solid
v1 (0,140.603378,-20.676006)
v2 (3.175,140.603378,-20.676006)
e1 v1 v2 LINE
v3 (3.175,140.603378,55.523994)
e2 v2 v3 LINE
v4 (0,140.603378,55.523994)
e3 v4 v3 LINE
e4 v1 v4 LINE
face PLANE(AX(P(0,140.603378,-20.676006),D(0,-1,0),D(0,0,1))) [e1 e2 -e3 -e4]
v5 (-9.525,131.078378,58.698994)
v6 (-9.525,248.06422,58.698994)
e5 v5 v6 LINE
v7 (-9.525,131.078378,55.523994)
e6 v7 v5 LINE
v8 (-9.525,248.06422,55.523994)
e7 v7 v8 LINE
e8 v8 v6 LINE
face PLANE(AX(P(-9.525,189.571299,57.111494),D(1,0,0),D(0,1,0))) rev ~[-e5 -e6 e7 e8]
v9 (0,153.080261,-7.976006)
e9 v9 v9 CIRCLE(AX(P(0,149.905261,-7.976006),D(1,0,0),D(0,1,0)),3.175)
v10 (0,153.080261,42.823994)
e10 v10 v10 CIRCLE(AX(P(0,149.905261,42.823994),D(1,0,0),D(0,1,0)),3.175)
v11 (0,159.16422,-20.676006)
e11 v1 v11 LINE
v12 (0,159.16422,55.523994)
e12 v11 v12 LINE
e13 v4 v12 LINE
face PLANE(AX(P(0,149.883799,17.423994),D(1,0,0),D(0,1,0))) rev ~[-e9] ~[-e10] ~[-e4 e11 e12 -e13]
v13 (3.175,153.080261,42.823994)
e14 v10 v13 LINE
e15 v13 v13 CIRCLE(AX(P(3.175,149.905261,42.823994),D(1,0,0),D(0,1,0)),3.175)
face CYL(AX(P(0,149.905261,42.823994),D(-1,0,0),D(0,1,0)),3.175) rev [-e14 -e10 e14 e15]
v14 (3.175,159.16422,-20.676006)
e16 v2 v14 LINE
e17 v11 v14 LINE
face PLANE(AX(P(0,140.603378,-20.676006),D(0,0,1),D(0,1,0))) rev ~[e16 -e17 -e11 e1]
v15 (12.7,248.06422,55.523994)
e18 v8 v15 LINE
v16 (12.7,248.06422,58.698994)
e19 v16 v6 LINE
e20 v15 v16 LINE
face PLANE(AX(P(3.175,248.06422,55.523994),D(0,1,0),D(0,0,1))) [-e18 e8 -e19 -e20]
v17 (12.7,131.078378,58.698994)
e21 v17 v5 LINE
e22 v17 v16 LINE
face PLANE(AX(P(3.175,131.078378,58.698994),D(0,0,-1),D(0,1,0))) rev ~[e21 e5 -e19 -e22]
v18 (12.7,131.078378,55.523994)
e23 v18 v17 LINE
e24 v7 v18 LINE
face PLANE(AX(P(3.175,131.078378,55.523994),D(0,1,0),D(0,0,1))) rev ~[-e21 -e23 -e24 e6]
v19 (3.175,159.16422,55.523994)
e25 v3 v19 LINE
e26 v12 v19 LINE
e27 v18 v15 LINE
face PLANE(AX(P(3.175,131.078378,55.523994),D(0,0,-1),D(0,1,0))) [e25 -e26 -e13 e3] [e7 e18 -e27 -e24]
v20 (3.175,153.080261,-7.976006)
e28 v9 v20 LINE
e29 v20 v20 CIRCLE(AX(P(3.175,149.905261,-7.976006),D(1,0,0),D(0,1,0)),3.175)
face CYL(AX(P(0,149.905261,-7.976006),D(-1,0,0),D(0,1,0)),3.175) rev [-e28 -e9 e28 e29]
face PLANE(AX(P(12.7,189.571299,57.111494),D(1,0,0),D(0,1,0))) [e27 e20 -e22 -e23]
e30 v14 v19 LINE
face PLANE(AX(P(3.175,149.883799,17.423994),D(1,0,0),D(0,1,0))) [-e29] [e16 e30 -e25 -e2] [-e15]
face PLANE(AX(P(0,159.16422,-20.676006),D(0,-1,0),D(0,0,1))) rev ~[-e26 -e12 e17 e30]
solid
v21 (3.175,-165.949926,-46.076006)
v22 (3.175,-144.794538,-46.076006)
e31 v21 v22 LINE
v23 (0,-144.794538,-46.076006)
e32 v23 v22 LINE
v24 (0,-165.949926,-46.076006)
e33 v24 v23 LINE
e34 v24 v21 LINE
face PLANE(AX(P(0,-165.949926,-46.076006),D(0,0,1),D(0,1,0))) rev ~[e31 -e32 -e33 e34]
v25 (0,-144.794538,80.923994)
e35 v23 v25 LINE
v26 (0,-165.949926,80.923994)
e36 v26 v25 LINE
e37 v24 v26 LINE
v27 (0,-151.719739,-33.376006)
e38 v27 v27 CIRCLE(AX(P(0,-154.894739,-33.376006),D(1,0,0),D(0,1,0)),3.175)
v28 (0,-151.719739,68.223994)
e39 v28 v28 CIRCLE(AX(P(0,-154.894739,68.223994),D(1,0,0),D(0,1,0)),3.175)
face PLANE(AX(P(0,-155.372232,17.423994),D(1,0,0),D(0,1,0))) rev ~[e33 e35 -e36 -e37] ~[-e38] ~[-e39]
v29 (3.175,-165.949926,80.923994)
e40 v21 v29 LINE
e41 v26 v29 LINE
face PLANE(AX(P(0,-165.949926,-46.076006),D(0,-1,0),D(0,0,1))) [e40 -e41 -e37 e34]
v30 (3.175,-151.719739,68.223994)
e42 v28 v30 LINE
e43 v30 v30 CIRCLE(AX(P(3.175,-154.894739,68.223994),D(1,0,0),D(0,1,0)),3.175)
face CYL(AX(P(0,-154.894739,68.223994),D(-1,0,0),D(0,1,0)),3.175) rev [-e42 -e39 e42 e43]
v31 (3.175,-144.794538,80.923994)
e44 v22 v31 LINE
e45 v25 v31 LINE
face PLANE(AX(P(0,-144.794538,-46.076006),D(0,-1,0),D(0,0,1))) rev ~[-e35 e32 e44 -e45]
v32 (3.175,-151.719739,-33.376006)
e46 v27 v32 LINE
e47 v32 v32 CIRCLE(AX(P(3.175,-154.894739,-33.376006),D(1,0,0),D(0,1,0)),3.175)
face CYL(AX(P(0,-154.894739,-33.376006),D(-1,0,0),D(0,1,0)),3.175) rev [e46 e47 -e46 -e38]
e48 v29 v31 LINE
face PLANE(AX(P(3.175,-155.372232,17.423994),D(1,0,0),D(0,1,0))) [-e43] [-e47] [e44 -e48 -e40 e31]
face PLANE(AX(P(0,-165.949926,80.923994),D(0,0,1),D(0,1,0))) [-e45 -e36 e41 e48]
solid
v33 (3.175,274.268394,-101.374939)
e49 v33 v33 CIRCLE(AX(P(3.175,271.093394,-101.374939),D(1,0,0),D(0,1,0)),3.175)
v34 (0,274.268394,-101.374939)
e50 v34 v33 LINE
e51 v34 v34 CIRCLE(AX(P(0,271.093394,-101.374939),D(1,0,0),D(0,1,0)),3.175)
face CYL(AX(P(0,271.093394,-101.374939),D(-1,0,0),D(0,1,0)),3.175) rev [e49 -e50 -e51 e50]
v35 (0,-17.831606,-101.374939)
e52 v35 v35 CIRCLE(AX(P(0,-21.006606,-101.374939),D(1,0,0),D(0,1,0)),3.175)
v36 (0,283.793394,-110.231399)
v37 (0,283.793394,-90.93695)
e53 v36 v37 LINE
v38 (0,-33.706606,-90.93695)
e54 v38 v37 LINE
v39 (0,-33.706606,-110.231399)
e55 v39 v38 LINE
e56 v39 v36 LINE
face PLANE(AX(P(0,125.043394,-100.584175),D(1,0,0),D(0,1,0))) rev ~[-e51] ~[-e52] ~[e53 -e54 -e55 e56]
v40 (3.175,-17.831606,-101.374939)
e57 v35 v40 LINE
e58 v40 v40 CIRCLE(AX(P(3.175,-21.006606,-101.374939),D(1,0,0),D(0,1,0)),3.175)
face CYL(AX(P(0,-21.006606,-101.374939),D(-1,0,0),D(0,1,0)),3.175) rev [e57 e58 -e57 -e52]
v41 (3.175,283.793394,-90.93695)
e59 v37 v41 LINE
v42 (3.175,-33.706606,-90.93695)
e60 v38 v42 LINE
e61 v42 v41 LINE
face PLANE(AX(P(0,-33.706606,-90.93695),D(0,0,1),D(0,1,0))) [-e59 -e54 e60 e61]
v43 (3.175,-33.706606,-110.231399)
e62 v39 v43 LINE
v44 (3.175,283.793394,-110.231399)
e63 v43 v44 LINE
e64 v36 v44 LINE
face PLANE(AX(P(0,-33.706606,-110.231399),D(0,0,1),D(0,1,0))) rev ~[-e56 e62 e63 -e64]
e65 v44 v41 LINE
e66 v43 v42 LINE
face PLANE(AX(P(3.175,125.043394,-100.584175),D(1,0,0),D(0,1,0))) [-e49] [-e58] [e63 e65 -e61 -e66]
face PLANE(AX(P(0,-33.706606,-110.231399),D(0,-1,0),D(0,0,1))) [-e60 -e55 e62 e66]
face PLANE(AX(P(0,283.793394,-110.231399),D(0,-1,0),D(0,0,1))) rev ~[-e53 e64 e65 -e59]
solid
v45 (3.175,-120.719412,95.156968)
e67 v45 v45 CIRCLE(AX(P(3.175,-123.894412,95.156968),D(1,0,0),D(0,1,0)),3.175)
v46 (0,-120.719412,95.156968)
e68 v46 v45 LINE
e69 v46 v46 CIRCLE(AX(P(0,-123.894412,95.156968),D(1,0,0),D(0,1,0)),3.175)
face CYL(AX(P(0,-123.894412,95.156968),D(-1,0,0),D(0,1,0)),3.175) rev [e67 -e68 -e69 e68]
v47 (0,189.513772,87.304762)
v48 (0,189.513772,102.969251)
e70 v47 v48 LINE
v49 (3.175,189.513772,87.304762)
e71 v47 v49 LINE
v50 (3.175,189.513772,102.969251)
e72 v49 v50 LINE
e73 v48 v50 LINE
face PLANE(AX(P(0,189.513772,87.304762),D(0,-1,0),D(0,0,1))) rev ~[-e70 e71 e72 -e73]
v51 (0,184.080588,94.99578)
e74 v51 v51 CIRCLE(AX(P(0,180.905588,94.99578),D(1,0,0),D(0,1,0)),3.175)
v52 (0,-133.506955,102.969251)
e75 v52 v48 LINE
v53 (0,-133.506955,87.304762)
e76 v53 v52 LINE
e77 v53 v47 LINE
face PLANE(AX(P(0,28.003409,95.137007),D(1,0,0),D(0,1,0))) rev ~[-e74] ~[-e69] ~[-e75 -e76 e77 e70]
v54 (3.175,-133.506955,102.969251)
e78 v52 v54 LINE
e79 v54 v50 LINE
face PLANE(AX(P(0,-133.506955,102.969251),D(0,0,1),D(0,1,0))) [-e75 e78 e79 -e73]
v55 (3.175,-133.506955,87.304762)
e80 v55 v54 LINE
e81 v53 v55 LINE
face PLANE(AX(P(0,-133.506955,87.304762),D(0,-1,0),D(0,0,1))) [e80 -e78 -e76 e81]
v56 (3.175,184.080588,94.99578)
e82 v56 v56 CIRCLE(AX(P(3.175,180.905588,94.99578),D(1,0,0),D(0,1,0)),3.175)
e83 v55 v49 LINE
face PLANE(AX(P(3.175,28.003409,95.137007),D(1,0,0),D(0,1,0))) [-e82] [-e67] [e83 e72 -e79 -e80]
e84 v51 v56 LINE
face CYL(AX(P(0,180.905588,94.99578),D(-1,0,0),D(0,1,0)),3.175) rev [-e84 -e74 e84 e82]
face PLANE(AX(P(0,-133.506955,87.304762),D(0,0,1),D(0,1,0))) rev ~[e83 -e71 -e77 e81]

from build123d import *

# Parameters (mm, degrees)
F0_W          = 21.155387
F0_H          = 127
F0_R          = 3.175
F0_W_2        = 18.560842
F0_H_2        = 76.2
F1_DEPTH      = 3.175
F2_W          = 323.020727
F2_H          = 15.664489
F2_R          = 3.175
F3_DEPTH      = 3.175
F4_W          = 317.5
F4_H          = 19.294449
F4_R          = 3.175
F5_DEPTH      = 3.175
F6_W          = 116.985842
F6_H          = 3.175
F7_DEPTH      = 9.525
F7_DEPTH_BACK = 12.7


with BuildPart() as f1:
    # F0 (on Right) → F1 (new body)
    with BuildSketch(Plane.YZ):
        with Locations((-155.372232, 17.423994)):
            Rectangle(F0_W, F0_H)
        with Locations((-154.894739, -33.376006)):
            Circle(F0_R, mode=Mode.SUBTRACT)
        with Locations((-154.894739, 68.223994)):
            Circle(F0_R, mode=Mode.SUBTRACT)
        with Locations((149.883799, 17.423994)):
            Rectangle(F0_W_2, F0_H_2)
        with Locations((149.905261, -7.976006)):
            Circle(F0_R, mode=Mode.SUBTRACT)
        with Locations((149.905261, 42.823994)):
            Circle(F0_R, mode=Mode.SUBTRACT)
    extrude(amount=F1_DEPTH)

    # F6 (on face) → F7 (join, two sides)
    with BuildSketch(Plane.YZ.offset(3.175)) as f7_sk:
        with Locations((189.571299, 57.111494)):
            Rectangle(F6_W, F6_H)
    extrude(amount=F7_DEPTH)
    extrude(f7_sk.sketch, amount=-F7_DEPTH_BACK)


with BuildPart() as f3:
    # F2 (on Right) → F3 (new body)
    with BuildSketch(Plane.YZ):
        with Locations((28.003409, 95.137007)):
            Rectangle(F2_W, F2_H)
        with Locations((180.905588, 94.99578)):
            Circle(F2_R, mode=Mode.SUBTRACT)
        with Locations((-123.894412, 95.156968)):
            Circle(F2_R, mode=Mode.SUBTRACT)
    extrude(amount=F3_DEPTH)


with BuildPart() as f5:
    # F4 (on Right) → F5 (new body)
    with BuildSketch(Plane.YZ):
        with Locations((125.043394, -100.584175)):
            Rectangle(F4_W, F4_H)
        with Locations((-21.006606, -101.374939)):
            Circle(F4_R, mode=Mode.SUBTRACT)
        with Locations((271.093394, -101.374939)):
            Circle(F4_R, mode=Mode.SUBTRACT)
    extrude(amount=F5_DEPTH)


solid = Compound([f1.part, f3.part, f5.part])
